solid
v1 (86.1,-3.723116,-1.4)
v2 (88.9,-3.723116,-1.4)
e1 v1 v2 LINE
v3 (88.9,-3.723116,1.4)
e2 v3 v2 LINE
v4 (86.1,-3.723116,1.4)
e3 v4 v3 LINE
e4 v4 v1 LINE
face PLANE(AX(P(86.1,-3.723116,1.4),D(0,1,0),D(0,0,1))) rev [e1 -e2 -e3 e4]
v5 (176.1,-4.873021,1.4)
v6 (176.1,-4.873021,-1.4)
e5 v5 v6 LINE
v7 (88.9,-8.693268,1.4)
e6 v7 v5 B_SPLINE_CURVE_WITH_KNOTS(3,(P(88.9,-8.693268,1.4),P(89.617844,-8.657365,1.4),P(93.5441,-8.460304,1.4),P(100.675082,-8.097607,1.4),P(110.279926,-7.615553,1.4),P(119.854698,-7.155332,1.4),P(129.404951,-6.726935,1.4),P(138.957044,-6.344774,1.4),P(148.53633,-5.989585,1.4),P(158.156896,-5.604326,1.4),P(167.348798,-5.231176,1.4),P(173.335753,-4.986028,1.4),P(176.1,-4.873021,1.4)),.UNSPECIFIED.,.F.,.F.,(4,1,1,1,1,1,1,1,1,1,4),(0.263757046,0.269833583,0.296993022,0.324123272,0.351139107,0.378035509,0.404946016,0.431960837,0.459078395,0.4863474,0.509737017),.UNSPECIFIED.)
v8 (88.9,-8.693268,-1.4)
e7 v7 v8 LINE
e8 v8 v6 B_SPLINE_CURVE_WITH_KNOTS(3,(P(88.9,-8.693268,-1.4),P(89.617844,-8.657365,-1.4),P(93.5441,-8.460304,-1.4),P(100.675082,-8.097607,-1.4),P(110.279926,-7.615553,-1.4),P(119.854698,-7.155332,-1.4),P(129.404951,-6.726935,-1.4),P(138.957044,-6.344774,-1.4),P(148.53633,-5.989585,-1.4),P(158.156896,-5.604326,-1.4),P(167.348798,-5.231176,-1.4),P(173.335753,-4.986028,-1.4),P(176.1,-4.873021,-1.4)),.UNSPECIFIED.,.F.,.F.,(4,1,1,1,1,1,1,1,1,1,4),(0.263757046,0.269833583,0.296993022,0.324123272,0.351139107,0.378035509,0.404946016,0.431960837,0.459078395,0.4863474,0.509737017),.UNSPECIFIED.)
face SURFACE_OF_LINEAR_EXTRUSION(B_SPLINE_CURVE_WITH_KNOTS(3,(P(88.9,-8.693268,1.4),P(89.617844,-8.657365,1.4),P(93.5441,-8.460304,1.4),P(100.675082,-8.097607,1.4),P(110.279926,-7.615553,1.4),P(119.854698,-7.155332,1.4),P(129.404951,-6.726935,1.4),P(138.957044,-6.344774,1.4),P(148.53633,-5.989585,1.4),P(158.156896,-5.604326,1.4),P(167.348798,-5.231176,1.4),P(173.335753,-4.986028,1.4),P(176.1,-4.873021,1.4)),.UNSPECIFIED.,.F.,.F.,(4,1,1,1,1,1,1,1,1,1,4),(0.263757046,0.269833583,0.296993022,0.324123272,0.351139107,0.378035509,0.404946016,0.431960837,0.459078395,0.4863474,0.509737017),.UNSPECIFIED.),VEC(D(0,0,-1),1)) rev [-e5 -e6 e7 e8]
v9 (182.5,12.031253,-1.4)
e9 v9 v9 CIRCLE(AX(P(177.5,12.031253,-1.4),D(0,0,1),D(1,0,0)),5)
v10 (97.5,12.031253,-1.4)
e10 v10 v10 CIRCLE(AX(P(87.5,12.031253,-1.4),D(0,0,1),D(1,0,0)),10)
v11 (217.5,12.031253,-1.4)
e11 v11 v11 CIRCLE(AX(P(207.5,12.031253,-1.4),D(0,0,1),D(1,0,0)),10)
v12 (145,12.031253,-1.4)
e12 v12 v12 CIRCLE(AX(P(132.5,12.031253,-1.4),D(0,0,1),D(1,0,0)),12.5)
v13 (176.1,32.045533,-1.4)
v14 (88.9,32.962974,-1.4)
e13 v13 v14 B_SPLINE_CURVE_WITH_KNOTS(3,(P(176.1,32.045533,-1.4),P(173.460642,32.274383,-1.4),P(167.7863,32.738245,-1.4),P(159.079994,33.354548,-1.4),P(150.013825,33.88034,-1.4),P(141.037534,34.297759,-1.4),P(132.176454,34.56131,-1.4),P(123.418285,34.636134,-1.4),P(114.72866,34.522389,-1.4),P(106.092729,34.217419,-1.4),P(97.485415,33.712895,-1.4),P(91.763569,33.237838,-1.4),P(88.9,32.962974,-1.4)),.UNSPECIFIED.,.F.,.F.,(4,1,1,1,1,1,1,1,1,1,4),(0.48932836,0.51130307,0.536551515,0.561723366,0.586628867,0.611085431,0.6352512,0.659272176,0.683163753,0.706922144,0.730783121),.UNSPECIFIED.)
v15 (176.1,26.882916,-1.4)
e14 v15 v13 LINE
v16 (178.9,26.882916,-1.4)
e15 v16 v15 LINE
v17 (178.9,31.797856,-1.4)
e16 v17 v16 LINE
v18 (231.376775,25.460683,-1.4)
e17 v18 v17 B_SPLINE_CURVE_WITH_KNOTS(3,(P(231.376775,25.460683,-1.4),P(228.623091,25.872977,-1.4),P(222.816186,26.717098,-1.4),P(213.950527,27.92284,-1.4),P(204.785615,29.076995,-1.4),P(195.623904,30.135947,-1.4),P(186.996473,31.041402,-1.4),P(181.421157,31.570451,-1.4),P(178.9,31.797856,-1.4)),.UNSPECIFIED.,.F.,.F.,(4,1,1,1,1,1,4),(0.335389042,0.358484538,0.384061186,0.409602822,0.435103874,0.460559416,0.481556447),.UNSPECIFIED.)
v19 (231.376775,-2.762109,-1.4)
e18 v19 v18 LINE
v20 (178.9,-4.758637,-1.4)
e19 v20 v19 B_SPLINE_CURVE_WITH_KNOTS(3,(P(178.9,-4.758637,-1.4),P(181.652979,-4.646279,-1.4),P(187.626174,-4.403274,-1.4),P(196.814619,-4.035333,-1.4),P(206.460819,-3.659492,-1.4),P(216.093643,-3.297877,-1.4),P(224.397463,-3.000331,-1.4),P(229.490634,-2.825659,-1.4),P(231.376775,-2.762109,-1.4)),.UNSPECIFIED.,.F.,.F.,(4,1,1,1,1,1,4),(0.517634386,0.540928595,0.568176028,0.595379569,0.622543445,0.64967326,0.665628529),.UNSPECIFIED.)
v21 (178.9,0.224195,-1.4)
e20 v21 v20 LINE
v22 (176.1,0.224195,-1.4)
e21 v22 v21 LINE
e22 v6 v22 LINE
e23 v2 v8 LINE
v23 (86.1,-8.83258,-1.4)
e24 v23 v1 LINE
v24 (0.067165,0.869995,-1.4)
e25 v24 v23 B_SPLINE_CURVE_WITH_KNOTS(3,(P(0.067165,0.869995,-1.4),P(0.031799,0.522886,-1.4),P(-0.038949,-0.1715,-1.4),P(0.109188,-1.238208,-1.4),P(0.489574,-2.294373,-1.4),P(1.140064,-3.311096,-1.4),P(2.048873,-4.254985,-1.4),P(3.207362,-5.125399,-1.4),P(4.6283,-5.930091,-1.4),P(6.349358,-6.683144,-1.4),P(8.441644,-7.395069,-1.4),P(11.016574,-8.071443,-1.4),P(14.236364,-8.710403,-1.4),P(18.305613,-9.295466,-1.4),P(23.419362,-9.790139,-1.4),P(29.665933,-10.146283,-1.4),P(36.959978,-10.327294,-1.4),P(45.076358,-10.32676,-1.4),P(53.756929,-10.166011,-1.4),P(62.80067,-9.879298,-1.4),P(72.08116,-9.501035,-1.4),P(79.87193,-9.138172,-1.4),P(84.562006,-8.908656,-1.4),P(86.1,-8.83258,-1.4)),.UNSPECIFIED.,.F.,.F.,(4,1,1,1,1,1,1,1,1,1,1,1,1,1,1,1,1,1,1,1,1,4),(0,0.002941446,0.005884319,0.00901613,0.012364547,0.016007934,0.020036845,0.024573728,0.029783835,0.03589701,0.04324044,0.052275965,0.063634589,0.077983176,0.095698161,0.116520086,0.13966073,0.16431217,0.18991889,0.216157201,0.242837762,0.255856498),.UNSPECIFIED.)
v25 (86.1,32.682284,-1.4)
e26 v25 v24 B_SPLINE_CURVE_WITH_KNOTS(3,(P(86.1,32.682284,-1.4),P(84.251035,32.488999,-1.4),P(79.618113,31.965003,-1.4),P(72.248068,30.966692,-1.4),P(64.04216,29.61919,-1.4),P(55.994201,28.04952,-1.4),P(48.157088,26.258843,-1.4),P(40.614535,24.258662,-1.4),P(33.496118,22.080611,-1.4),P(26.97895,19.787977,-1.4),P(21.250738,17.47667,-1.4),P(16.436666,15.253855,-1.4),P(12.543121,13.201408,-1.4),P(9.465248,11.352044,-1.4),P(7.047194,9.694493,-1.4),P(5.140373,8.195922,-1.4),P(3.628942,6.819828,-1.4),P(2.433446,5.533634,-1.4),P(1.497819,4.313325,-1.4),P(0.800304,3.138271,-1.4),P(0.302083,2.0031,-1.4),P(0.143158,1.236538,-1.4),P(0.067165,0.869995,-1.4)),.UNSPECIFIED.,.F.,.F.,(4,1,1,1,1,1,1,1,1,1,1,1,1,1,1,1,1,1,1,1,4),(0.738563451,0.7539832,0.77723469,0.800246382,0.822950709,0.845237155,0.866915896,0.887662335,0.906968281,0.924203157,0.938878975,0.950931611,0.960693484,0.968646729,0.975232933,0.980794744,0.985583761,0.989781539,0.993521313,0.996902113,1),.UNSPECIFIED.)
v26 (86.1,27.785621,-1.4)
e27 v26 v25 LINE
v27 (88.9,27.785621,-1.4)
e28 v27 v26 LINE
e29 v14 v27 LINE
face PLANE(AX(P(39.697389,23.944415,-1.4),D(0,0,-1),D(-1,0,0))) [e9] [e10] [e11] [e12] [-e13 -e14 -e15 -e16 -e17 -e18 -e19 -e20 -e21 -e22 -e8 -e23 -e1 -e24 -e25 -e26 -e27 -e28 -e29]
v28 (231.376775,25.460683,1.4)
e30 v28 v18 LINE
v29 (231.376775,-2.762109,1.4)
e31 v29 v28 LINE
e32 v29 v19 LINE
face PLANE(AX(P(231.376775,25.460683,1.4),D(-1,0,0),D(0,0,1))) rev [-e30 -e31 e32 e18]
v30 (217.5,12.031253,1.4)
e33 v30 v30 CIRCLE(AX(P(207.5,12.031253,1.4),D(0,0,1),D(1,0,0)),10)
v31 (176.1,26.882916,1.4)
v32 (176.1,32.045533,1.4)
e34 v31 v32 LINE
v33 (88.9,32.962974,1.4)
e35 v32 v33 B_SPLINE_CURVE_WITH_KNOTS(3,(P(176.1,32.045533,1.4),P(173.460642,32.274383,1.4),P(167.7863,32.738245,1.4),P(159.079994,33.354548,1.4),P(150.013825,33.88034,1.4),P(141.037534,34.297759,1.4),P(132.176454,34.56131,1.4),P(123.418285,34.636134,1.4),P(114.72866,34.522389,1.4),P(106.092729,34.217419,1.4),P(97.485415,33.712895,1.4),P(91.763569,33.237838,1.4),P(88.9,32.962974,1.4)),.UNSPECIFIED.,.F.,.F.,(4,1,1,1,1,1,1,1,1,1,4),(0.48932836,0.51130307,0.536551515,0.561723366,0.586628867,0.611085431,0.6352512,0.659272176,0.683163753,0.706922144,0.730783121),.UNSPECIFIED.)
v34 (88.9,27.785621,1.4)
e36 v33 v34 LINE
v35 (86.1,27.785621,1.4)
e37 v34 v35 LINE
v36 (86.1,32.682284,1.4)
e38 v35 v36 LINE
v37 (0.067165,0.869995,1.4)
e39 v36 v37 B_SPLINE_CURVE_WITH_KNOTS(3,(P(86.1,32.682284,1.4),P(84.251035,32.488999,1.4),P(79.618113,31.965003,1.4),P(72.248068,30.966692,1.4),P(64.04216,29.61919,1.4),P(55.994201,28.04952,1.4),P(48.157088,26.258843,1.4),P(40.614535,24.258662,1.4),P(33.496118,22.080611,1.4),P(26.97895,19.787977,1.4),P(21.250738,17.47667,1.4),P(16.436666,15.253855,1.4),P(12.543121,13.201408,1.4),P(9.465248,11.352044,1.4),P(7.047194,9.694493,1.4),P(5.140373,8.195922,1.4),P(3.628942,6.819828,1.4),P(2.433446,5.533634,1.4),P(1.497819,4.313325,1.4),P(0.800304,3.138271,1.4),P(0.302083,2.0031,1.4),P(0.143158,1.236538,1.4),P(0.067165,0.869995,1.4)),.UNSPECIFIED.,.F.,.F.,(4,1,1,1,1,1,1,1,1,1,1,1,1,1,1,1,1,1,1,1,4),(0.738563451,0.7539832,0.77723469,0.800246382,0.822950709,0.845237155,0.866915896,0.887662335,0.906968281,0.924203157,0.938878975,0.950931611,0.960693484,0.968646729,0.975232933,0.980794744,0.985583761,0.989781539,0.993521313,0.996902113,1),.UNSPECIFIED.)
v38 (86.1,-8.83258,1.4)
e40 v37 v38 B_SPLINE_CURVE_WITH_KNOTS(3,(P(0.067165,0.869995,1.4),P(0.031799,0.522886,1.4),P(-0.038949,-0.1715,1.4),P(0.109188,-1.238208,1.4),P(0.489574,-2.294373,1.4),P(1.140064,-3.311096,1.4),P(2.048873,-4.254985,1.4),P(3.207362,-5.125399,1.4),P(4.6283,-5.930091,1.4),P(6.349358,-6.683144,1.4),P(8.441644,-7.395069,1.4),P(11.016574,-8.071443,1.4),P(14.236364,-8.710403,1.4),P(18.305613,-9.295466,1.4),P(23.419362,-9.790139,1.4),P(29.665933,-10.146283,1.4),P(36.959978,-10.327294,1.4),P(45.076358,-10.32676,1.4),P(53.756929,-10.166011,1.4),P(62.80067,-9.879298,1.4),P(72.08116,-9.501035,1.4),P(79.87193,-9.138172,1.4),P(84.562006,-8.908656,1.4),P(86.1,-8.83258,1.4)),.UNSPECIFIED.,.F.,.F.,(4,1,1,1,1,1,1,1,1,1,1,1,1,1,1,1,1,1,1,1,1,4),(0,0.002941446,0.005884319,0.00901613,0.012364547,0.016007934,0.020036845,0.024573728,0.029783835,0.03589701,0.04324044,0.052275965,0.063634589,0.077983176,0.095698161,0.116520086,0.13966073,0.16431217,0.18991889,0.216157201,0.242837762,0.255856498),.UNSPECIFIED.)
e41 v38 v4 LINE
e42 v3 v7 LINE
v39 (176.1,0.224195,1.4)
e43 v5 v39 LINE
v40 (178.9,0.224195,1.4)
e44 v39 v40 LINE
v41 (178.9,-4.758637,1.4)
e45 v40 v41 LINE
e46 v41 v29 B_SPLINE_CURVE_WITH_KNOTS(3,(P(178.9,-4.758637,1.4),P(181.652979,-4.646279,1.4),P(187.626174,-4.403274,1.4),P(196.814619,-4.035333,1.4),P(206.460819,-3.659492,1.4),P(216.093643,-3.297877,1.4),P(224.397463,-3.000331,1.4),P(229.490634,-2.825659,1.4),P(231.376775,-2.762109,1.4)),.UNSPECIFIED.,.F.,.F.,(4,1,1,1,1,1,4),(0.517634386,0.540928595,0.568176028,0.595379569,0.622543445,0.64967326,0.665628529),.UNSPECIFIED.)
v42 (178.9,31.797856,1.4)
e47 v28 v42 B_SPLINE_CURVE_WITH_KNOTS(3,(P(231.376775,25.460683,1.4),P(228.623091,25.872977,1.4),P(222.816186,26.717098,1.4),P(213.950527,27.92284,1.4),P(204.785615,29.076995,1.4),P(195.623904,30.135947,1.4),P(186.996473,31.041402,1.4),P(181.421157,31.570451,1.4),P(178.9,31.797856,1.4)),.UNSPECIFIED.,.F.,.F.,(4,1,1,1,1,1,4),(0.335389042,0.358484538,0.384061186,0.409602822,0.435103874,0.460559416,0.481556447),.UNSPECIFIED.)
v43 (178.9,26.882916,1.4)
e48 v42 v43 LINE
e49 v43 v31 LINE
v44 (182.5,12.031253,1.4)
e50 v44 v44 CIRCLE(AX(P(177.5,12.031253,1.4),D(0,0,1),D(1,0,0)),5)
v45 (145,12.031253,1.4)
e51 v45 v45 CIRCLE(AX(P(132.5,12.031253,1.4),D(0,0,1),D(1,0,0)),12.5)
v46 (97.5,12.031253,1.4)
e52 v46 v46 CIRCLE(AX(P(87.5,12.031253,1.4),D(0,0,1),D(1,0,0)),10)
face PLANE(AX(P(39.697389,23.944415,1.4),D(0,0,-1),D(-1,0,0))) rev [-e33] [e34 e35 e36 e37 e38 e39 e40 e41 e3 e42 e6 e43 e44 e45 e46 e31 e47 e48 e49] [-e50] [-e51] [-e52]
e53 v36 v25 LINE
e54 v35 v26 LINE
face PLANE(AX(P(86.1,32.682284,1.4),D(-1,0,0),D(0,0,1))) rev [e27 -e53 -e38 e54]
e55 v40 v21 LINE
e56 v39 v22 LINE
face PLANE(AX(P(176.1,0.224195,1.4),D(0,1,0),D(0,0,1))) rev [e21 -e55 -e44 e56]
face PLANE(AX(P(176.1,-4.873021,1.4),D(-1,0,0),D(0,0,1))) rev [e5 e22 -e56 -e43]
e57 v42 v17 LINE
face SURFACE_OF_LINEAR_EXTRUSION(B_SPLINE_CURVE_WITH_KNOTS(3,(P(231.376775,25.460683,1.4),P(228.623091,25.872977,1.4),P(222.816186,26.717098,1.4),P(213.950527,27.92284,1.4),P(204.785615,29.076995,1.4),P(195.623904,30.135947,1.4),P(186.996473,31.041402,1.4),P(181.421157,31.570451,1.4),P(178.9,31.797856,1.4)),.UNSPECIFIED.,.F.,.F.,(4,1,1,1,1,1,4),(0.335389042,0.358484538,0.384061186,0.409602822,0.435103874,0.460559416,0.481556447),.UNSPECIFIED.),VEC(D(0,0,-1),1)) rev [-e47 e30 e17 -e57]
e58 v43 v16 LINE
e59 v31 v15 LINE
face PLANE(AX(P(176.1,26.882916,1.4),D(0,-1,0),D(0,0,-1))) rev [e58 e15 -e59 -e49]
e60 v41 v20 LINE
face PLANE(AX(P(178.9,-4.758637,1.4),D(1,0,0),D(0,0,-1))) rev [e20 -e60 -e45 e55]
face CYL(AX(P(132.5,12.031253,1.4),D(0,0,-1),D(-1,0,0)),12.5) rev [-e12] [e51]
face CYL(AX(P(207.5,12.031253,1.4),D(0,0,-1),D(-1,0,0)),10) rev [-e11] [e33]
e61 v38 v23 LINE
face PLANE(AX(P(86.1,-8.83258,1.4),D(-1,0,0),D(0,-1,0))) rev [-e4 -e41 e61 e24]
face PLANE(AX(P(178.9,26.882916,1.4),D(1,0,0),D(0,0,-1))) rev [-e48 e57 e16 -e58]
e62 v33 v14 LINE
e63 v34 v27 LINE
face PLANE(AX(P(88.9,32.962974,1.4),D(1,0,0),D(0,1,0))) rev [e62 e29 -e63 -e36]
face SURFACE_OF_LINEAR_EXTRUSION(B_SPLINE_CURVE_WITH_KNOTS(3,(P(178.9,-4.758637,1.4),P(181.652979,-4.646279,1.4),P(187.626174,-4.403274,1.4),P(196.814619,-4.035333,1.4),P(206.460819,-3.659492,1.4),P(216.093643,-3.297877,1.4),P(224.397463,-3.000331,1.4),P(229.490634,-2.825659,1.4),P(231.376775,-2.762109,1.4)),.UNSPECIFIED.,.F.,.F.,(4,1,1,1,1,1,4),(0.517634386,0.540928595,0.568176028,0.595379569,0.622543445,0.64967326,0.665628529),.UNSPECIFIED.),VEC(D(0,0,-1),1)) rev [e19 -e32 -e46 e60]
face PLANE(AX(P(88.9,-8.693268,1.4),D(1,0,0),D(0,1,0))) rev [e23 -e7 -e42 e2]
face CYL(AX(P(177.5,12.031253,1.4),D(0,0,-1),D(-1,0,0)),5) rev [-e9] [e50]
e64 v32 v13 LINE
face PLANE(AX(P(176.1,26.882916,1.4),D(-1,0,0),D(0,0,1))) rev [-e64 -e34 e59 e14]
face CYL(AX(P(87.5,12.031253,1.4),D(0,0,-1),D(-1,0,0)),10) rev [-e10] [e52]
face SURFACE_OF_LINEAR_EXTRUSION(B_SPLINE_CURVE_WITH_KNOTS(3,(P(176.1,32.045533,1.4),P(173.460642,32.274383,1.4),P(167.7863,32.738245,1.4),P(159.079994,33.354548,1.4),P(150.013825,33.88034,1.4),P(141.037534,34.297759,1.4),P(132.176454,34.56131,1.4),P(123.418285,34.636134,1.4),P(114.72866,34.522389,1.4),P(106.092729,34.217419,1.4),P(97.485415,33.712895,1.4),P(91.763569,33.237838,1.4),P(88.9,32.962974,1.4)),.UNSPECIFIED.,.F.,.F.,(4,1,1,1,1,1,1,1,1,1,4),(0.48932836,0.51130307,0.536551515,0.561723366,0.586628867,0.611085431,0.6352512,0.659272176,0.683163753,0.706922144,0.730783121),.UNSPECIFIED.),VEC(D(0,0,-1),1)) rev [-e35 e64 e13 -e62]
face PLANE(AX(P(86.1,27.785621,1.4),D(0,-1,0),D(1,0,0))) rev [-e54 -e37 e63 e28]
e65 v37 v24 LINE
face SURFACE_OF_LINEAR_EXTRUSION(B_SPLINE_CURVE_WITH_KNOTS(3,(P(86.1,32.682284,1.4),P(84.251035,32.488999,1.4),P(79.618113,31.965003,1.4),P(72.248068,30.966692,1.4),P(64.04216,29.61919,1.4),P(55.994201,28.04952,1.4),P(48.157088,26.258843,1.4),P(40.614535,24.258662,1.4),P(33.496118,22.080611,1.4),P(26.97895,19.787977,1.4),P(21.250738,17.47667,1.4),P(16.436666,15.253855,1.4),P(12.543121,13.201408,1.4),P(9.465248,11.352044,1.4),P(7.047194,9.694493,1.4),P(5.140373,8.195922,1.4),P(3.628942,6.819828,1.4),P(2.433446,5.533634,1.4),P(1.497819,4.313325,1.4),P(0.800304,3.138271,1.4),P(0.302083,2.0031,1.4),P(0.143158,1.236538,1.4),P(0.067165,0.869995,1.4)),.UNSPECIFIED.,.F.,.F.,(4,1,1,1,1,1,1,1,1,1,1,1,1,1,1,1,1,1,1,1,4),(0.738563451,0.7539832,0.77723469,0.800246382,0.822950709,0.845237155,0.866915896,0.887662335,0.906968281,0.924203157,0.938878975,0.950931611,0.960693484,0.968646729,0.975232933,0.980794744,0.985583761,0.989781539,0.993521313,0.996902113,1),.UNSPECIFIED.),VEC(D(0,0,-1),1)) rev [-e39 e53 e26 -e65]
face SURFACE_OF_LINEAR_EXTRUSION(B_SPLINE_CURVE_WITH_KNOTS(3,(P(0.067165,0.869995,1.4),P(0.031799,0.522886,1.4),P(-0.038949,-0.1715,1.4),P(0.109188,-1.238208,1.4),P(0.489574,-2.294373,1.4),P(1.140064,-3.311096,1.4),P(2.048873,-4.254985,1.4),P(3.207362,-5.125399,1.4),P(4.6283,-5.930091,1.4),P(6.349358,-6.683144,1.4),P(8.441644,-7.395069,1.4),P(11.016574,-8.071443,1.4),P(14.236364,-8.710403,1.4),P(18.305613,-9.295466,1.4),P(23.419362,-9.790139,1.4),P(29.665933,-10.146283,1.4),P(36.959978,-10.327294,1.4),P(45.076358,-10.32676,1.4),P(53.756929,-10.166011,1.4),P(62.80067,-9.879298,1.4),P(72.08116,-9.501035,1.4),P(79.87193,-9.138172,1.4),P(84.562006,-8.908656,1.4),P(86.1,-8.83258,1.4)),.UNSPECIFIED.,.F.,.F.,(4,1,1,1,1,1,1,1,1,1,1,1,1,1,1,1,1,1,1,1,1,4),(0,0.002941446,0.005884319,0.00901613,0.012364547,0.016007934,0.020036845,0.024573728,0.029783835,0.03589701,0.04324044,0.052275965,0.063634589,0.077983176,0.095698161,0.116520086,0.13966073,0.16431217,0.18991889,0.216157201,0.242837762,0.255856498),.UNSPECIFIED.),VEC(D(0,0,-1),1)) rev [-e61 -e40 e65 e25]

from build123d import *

# Parameters (mm, degrees)
SKETCH_2_R      = 10
SKETCH_2_R_2    = 5
SKETCH_2_R_3    = 12.5
EXTRUDE_1_DEPTH = 1.4


with BuildPart() as part:
    # Эскиз2 → Бобышка-Вытянуть1 (new body, symmetric)
    with BuildSketch(Plane.XY):
        with BuildLine():
            Line((86.1, 32.682283633), (86.1, 27.785621096))
            Line((86.1, 27.785621096), (88.9, 27.785621096))
            Line((88.9, 27.785621096), (88.9, 32.962973681))
            add(Edge.make_bspline(
                [(176.1, 32.045532515), (173.460642448, 32.274383054), (167.786299659, 32.738244602), (159.079993996, 33.354548335), (150.013824851, 33.880339702), (141.037533969, 34.297759375), (132.176453799, 34.561309726), (123.418285188, 34.636133951), (114.728660276, 34.522388831), (106.092728827, 34.217419352), (97.485414888, 33.712894632), (91.763569037, 33.237837821), (88.9, 32.962973681)],
                knots=[0.48932836, 0.48932836, 0.48932836, 0.48932836, 0.51130307, 0.536551515, 0.561723366, 0.586628867, 0.611085431, 0.6352512, 0.659272176, 0.683163753, 0.706922144, 0.730783121, 0.730783121, 0.730783121, 0.730783121], degree=3))
            Line((176.1, 32.045532515), (176.1, 26.882916451))
            Line((176.1, 26.882916451), (178.9, 26.882916451))
            Line((178.9, 26.882916451), (178.9, 31.797856127))
            add(Edge.make_bspline(
                [(231.376774993, 25.460683081), (228.623090859, 25.872976705), (222.81618615, 26.717098435), (213.950527179, 27.922839845), (204.785615162, 29.076995056), (195.623903708, 30.135946559), (186.99647265, 31.041402296), (181.421156727, 31.570451189), (178.9, 31.797856127)],
                knots=[0.335389042, 0.335389042, 0.335389042, 0.335389042, 0.358484538, 0.384061186, 0.409602822, 0.435103874, 0.460559416, 0.481556447, 0.481556447, 0.481556447, 0.481556447], degree=3))
            Line((231.376774993, 25.460683081), (231.376774993, -2.762108733))
            add(Edge.make_bspline(
                [(178.9, -4.758637273), (181.652979317, -4.646278606), (187.626173611, -4.403273739), (196.81461857, -4.035333009), (206.460819266, -3.659492142), (216.093643375, -3.297876981), (224.397462902, -3.000330699), (229.490633691, -2.825658562), (231.376774993, -2.762108733)],
                knots=[0.517634386, 0.517634386, 0.517634386, 0.517634386, 0.540928595, 0.568176028, 0.595379569, 0.622543445, 0.64967326, 0.665628529, 0.665628529, 0.665628529, 0.665628529], degree=3))
            Line((178.9, -4.758637273), (178.9, 0.224194977))
            Line((178.9, 0.224194977), (176.1, 0.224194977))
            Line((176.1, 0.224194977), (176.1, -4.873020948))
            add(Edge.make_bspline(
                [(88.9, -8.693267562), (89.617844041, -8.657365264), (93.544099689, -8.4603043), (100.675081793, -8.097607246), (110.279925807, -7.615552634), (119.854698054, -7.155331752), (129.404950626, -6.726934654), (138.957043666, -6.344774315), (148.536329767, -5.989584537), (158.156896352, -5.604325894), (167.348797605, -5.231176131), (173.335752744, -4.986028102), (176.1, -4.873020948)],
                knots=[0.263757046, 0.263757046, 0.263757046, 0.263757046, 0.269833583, 0.296993022, 0.324123272, 0.351139107, 0.378035509, 0.404946016, 0.431960837, 0.459078395, 0.4863474, 0.509737017, 0.509737017, 0.509737017, 0.509737017], degree=3))
            Line((88.9, -8.693267562), (88.9, -3.723116029))
            Line((88.9, -3.723116029), (86.1, -3.723116029))
            Line((86.1, -3.723116029), (86.1, -8.832579685))
            add(Edge.make_bspline(
                [(0.067165, 0.869995), (0.031799348, 0.52288612), (-0.038949105, -0.171499965), (0.109187697, -1.238208426), (0.489573911, -2.294373299), (1.140063589, -3.311096493), (2.048873093, -4.254985343), (3.207362223, -5.125399257), (4.62830025, -5.930091469), (6.349357867, -6.683143801), (8.441643964, -7.39506903), (11.016573701, -8.071443347), (14.236363949, -8.71040323), (18.305613464, -9.295466224), (23.419361508, -9.790139433), (29.665932935, -10.146283203), (36.959978182, -10.327294388), (45.07635799, -10.326759678), (53.756929463, -10.166011212), (62.800670475, -9.879297901), (72.081160335, -9.501034945), (79.871929674, -9.138172062), (84.562006059, -8.908655535), (86.1, -8.832579685)],
                knots=[0, 0, 0, 0, 0.002941446, 0.005884319, 0.00901613, 0.012364547, 0.016007934, 0.020036845, 0.024573728, 0.029783835, 0.03589701, 0.04324044, 0.052275965, 0.063634589, 0.077983176, 0.095698161, 0.116520086, 0.13966073, 0.16431217, 0.18991889, 0.216157201, 0.242837762, 0.255856498, 0.255856498, 0.255856498, 0.255856498], degree=3))
            add(Edge.make_bspline(
                [(86.1, 32.682283633), (84.251034658, 32.488999326), (79.618112888, 31.965003077), (72.248067764, 30.96669173), (64.042160436, 29.619190205), (55.994200632, 28.049519945), (48.157087779, 26.258842728), (40.614534945, 24.258661851), (33.496117772, 22.08061089), (26.978950376, 19.787977208), (21.250737748, 17.476669613), (16.436666106, 15.253855393), (12.543120617, 13.201408311), (9.465247652, 11.352044479), (7.047193647, 9.694493277), (5.140372907, 8.19592153), (3.628941572, 6.819827516), (2.433445936, 5.533634041), (1.497819162, 4.313324923), (0.800303575, 3.138270943), (0.302083458, 2.003099556), (0.143157814, 1.236538372), (0.067165, 0.869995)],
                knots=[0.738563451, 0.738563451, 0.738563451, 0.738563451, 0.7539832, 0.77723469, 0.800246382, 0.822950709, 0.845237155, 0.866915896, 0.887662335, 0.906968281, 0.924203157, 0.938878975, 0.950931611, 0.960693484, 0.968646729, 0.975232933, 0.980794744, 0.985583761, 0.989781539, 0.993521313, 0.996902113, 1, 1, 1, 1], degree=3))
        make_face()
        with Locations((87.5, 12.031252534)):
            Circle(SKETCH_2_R, mode=Mode.SUBTRACT)
        with Locations((177.5, 12.031252534)):
            Circle(SKETCH_2_R_2, mode=Mode.SUBTRACT)
        with Locations((132.5, 12.031252534)):
            Circle(SKETCH_2_R_3, mode=Mode.SUBTRACT)
        with Locations((207.5, 12.031252534)):
            Circle(SKETCH_2_R, mode=Mode.SUBTRACT)
    extrude(amount=EXTRUDE_1_DEPTH, both=True)


solid = part.part
